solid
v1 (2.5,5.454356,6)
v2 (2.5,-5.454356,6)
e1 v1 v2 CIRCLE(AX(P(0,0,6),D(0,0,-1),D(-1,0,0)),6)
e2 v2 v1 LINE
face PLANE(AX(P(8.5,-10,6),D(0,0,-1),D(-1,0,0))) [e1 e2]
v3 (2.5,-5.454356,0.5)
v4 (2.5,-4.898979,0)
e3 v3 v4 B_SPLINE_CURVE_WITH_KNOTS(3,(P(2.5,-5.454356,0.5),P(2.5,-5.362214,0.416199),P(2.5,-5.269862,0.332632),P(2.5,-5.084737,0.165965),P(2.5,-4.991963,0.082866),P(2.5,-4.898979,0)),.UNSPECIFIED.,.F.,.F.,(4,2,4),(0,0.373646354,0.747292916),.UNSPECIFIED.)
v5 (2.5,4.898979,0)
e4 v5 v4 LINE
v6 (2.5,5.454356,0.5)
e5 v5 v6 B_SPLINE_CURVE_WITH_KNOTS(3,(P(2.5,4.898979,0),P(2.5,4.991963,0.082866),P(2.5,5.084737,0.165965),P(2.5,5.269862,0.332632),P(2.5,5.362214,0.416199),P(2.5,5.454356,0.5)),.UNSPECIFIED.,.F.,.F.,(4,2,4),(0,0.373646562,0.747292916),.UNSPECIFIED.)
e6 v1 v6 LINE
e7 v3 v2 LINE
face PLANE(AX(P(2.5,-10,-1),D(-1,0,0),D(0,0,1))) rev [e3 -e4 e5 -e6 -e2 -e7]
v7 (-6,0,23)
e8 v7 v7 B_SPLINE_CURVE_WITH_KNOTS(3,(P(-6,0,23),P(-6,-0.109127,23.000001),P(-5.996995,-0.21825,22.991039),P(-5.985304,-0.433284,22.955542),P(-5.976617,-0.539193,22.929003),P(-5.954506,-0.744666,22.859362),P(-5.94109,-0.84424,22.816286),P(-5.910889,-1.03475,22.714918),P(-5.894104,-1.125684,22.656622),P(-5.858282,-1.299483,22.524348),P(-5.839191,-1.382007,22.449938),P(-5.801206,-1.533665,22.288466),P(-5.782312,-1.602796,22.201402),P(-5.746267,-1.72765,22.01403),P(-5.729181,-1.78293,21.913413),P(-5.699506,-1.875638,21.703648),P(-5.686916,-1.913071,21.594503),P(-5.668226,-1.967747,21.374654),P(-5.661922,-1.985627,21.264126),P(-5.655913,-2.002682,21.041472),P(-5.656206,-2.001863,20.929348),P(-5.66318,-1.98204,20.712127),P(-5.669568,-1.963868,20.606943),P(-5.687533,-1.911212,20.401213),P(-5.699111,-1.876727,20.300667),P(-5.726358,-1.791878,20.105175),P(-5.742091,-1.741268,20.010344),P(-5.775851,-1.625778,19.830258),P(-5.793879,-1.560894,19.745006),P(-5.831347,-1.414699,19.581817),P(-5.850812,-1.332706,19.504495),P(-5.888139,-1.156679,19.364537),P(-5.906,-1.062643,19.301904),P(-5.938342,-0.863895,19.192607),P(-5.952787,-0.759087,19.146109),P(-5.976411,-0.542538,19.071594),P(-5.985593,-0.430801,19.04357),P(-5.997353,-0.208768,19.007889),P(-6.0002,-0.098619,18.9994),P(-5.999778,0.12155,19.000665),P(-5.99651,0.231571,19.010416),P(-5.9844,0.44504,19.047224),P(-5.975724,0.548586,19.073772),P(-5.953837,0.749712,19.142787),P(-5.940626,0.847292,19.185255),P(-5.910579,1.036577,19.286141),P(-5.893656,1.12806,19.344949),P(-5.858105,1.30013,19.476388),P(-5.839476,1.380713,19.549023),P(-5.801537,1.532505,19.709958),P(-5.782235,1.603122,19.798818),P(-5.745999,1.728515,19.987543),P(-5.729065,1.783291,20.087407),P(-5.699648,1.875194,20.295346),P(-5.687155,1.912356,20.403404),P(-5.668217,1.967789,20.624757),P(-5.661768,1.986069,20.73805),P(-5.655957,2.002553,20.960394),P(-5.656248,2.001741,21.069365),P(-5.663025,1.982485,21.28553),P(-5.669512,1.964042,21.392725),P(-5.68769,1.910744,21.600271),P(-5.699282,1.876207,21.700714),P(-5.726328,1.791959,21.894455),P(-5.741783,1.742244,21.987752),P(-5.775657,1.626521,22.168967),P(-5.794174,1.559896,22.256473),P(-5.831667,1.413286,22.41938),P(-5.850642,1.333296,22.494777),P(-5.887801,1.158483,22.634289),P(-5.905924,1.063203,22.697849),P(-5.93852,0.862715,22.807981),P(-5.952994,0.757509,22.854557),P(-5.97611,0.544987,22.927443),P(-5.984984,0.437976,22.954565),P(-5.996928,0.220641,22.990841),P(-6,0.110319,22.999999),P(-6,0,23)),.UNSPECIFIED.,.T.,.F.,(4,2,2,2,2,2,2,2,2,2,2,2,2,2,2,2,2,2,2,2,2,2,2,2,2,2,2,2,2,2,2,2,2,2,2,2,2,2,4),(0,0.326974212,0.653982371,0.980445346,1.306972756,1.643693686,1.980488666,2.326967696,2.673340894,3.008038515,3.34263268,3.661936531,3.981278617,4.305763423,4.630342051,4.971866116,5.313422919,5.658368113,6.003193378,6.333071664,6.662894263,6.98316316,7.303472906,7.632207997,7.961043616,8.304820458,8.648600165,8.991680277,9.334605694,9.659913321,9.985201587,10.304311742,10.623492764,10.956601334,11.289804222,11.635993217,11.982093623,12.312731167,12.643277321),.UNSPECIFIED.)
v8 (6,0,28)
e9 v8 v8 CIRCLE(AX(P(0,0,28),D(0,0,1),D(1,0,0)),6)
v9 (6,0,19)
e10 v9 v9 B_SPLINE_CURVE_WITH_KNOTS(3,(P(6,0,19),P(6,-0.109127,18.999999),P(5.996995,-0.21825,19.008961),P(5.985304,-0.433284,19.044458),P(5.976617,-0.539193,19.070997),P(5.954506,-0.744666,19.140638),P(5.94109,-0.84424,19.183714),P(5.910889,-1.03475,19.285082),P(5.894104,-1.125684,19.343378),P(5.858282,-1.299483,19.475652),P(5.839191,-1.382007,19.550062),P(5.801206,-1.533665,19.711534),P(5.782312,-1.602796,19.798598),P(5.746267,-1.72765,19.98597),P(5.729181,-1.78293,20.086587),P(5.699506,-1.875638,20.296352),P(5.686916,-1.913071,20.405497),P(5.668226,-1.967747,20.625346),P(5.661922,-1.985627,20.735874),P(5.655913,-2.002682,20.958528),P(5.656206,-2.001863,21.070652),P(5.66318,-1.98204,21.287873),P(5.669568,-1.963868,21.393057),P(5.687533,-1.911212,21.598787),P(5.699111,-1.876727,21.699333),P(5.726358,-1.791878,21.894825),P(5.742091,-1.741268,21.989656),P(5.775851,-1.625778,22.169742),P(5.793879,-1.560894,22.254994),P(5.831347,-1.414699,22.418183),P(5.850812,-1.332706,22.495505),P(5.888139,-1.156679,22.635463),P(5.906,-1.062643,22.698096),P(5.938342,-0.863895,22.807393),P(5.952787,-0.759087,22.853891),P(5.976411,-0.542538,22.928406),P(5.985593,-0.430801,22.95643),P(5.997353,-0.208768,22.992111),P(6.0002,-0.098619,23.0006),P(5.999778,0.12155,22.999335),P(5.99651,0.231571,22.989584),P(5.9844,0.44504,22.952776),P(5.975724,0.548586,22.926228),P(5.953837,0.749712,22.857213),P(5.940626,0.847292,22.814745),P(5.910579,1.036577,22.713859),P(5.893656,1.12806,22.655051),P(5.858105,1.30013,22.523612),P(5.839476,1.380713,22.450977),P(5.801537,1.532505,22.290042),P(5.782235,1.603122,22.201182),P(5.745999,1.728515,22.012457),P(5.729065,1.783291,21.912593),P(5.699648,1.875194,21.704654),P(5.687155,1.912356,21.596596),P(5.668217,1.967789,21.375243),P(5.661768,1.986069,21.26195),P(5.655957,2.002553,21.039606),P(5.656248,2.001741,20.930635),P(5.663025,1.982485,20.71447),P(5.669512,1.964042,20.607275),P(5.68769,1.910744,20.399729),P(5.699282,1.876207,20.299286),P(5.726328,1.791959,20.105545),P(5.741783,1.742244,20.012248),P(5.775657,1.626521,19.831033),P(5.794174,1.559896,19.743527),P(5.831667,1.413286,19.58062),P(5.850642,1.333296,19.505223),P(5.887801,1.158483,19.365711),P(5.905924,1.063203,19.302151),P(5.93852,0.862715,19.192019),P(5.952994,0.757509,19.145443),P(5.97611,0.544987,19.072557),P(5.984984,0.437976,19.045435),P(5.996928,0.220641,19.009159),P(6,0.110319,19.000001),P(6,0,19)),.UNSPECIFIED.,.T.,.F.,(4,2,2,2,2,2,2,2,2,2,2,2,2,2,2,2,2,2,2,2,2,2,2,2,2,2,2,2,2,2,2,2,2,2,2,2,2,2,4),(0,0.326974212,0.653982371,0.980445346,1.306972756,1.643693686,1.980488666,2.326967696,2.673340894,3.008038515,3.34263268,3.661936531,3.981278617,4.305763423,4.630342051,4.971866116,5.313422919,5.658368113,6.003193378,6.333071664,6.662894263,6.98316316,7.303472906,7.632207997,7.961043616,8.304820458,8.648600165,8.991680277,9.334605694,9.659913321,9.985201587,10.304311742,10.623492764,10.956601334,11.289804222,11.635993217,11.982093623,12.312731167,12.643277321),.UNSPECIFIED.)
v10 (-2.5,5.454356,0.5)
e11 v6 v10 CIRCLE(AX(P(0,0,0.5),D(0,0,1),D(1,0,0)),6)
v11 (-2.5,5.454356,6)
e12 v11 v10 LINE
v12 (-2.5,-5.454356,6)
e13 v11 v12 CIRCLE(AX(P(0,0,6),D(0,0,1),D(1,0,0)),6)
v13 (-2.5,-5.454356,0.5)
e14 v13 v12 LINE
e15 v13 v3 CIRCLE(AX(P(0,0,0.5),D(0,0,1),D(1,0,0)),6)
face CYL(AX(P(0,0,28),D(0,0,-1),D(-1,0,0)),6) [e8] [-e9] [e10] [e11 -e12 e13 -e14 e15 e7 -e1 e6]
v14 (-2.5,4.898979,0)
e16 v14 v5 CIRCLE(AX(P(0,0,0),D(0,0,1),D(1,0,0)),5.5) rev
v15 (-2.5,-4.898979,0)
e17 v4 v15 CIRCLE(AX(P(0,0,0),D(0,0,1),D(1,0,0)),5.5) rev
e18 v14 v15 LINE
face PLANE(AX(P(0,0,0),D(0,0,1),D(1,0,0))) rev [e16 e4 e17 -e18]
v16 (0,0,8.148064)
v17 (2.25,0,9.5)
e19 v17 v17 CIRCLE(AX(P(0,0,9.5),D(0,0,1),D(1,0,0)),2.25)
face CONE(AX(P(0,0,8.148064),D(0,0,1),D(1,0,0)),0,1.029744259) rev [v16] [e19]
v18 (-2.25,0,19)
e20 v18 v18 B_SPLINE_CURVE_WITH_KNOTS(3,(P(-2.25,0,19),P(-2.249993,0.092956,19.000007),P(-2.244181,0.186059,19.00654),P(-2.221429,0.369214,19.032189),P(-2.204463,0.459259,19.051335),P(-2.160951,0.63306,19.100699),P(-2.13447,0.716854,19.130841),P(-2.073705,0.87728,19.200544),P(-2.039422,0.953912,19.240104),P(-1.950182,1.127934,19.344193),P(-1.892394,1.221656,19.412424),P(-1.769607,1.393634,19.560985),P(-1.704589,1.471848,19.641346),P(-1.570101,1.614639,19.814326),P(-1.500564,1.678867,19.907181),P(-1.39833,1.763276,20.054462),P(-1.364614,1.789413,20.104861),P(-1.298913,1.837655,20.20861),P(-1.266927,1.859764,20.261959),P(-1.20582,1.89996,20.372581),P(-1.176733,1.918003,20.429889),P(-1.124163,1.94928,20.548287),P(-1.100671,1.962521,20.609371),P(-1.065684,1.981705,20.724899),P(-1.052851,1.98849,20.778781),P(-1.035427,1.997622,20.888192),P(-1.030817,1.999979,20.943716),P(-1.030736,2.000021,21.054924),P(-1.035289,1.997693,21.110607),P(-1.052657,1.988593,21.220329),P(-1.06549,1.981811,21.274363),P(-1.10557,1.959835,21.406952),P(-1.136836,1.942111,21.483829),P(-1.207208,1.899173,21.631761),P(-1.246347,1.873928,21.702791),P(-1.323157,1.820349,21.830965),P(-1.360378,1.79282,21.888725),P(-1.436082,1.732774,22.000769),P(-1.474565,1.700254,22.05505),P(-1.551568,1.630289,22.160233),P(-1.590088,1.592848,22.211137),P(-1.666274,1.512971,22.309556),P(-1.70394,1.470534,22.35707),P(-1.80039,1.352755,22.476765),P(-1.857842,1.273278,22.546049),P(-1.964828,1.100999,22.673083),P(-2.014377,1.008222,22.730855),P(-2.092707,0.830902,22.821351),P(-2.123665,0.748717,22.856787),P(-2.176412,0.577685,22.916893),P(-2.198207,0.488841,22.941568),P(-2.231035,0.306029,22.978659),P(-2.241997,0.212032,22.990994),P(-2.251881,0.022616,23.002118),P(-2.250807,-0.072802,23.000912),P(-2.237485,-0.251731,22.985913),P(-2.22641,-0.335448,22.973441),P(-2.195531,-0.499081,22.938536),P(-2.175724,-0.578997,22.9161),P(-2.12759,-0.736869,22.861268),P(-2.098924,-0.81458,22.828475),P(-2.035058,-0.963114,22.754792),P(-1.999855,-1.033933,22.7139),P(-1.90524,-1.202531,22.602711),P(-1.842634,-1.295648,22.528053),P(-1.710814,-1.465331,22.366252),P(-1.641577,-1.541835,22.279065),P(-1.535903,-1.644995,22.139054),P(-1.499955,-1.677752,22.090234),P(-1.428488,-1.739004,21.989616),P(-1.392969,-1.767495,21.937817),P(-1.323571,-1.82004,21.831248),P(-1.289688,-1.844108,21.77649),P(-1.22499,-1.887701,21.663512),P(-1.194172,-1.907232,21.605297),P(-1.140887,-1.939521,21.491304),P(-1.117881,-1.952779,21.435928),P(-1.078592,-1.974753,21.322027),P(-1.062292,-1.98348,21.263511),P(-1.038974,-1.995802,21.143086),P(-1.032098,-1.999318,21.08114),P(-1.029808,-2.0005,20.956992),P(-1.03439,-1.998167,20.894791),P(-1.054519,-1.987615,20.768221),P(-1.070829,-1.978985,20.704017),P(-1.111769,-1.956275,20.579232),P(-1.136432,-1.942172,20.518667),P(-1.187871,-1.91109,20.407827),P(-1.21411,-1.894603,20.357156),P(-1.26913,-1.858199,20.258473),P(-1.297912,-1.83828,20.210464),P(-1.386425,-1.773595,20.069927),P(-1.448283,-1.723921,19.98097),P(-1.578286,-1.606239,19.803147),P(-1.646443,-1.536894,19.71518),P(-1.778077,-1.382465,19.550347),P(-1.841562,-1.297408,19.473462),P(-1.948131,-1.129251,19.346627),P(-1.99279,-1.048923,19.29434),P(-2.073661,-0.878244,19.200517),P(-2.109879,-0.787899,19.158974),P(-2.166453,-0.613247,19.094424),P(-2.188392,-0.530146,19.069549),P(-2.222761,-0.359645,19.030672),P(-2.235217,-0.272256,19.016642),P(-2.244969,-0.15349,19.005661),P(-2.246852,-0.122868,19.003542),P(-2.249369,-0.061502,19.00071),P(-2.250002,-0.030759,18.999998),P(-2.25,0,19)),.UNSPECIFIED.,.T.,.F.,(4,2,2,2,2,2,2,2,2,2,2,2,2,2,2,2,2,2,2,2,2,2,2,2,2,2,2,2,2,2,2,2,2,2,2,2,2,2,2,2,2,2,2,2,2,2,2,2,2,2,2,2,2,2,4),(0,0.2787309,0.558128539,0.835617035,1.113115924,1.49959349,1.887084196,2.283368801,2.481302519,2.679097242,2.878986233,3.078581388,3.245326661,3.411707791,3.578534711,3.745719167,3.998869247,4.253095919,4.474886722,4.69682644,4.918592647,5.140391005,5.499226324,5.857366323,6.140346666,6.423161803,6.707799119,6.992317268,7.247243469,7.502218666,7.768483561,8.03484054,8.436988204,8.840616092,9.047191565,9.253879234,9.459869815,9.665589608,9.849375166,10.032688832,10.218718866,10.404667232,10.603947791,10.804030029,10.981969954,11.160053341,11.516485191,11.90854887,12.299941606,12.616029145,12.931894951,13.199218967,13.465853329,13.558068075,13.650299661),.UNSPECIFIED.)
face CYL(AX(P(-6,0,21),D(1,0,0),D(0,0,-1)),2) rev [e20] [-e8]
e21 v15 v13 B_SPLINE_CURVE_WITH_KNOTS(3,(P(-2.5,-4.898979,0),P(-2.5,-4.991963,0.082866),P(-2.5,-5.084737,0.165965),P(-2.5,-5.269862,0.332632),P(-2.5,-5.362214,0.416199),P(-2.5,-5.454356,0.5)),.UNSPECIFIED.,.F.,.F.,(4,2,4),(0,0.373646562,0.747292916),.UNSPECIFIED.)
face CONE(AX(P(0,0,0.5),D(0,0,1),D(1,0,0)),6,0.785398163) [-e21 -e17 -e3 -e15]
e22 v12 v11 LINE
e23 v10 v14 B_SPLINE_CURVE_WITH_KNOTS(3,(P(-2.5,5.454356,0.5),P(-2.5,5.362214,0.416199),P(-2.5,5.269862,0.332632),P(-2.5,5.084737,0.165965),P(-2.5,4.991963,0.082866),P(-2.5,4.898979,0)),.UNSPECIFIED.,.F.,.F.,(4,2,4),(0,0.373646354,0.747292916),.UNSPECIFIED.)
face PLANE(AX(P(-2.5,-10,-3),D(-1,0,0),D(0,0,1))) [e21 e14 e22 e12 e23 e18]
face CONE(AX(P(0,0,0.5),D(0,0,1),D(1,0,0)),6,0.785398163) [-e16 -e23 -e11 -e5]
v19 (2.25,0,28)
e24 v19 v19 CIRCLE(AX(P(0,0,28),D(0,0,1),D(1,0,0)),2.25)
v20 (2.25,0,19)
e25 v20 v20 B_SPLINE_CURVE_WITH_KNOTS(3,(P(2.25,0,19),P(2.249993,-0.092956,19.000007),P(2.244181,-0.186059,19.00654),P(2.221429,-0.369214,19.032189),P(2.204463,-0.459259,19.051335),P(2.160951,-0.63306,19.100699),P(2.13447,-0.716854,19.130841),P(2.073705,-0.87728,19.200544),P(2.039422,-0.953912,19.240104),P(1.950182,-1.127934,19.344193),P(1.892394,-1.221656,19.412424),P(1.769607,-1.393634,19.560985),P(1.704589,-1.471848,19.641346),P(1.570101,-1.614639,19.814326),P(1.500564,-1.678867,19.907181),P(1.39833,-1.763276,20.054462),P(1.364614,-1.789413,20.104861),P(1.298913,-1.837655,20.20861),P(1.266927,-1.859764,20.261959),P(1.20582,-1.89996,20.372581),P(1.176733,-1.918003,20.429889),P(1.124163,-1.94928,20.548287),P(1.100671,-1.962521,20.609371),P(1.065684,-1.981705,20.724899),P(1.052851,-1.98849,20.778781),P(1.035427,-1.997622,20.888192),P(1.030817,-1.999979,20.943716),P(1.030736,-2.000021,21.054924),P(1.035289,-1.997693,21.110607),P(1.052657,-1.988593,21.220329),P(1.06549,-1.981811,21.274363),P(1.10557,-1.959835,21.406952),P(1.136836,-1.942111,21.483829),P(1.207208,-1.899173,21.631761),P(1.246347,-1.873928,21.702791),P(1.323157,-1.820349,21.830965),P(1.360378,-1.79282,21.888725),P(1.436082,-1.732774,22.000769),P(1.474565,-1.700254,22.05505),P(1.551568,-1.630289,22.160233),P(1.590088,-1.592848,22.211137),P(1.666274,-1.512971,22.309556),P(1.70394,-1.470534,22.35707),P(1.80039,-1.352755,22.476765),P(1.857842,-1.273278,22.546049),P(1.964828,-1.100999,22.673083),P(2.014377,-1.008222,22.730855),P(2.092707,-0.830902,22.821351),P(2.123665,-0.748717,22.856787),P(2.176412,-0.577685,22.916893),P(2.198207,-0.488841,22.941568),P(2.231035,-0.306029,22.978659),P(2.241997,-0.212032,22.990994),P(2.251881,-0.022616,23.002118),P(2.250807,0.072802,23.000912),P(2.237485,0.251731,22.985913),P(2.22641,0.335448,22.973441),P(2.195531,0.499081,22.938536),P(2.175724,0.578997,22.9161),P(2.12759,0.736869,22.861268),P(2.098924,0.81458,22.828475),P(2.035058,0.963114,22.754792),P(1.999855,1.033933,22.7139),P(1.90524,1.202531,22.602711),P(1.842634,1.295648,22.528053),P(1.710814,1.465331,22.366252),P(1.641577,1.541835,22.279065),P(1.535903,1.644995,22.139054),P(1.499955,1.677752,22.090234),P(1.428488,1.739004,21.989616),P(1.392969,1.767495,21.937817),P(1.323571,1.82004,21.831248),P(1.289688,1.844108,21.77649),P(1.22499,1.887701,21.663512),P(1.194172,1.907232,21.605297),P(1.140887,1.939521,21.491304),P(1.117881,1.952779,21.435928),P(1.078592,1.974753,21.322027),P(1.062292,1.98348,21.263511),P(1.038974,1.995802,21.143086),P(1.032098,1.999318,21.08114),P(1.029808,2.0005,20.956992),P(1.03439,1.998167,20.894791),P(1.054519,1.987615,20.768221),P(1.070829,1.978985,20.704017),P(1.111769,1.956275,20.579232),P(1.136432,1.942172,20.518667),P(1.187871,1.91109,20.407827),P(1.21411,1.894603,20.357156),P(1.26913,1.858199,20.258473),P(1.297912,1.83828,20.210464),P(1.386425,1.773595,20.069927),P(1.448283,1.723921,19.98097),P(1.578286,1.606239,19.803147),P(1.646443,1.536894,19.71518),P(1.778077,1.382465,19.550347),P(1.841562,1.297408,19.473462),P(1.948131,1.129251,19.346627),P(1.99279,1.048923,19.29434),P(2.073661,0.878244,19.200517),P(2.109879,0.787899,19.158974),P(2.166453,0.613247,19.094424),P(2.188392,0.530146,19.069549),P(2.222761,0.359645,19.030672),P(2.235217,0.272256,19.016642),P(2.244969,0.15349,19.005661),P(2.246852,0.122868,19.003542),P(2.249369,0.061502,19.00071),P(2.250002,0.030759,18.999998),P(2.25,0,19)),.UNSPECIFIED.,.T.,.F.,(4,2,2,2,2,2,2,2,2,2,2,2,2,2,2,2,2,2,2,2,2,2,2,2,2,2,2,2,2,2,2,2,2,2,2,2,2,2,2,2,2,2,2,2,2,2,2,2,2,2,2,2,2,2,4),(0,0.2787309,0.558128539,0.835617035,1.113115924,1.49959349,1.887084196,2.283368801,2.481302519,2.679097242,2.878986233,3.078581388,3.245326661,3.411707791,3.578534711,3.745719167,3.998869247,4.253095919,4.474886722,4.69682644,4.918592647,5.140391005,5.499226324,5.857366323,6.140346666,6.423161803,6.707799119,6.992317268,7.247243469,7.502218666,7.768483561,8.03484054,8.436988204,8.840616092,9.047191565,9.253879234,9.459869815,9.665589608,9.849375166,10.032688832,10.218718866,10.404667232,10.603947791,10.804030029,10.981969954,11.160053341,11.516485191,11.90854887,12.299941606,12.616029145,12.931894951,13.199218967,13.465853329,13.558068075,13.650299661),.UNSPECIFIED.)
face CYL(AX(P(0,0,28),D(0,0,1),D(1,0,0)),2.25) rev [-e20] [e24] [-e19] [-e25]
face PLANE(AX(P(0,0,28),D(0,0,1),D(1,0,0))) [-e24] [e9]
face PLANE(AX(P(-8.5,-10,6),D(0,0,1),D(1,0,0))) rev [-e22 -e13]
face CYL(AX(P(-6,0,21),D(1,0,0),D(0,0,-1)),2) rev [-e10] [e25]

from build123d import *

# Parameters (mm, degrees)
ESQUISSE1_R                  = 6
CYLINDRE_EXTERIEUR_DEPTH     = 28
TENON_DEPTH                  = 10
TENON_DEPTH_BACK             = 10
ESQUISSE3_W                  = 6
ESQUISSE3_H                  = 7
ESQUISSE3_H_2                = 9
CHANFREIN1_SIZE              = 0.5
PER_AGE1_D                   = 4.5
PER_AGE1_DEPTH               = 18.5
PER_AGE1_TIP                 = 1.351936393
ENL_V_MAT_EXTRU_2_DEPTH      = 10
ENL_V_MAT_EXTRU_2_DEPTH_BACK = 30.257477677
ESQUISSE6_R                  = 2


with BuildPart() as part:
    # Esquisse1 → Cylindre exterieur (new body)
    with BuildSketch(Plane.XY):
        with Locations(Location((0, 0, 0), (0, 0, 245.375681648))):
            Circle(ESQUISSE1_R)
    extrude(amount=CYLINDRE_EXTERIEUR_DEPTH)

    # Esquisse3 → Tenon (cut, two sides: drawn at the far end of the back side and taken through both)
    with BuildSketch(Plane(origin=(0, 0, 0), x_dir=(1, 0, 0), z_dir=(0, 1, 0)).offset(-TENON_DEPTH_BACK)):
        with Locations((5.5, -2.5)):
            Rectangle(ESQUISSE3_W, ESQUISSE3_H)
        with Locations((-5.5, -1.5)):
            Rectangle(ESQUISSE3_W, ESQUISSE3_H_2)
    extrude(amount=TENON_DEPTH + TENON_DEPTH_BACK, mode=Mode.SUBTRACT)

    # Chanfrein1
    chanfrein1_edges = [part.edges().sort_by_distance(p)[0] for p in [
        (0, -6, 0),
        (0, 6, 0),
    ]]
    chamfer(chanfrein1_edges, length=CHANFREIN1_SIZE)

    # Perçage1
    with Locations(Plane.XY.offset(28)):
        with Locations((0, 0)):
            Hole(PER_AGE1_D / 2, depth=PER_AGE1_DEPTH)
            with Locations((0, 0, -(PER_AGE1_DEPTH + PER_AGE1_TIP / 2))):  # 118° drill point
                Cone(0, PER_AGE1_D / 2, PER_AGE1_TIP, mode=Mode.SUBTRACT)

    # Esquisse6 → Enlèv. mat.-Extru.2 (cut, two sides: drawn at the far end of the back side and taken through both)
    with BuildSketch(Plane(origin=(0, 0, 0), x_dir=(0, 0, -1), z_dir=(1, 0, 0)).offset(-ENL_V_MAT_EXTRU_2_DEPTH_BACK)):
        with Locations((-21, 0)):
            Circle(ESQUISSE6_R)
    extrude(amount=ENL_V_MAT_EXTRU_2_DEPTH + ENL_V_MAT_EXTRU_2_DEPTH_BACK, mode=Mode.SUBTRACT)


solid = part.part
